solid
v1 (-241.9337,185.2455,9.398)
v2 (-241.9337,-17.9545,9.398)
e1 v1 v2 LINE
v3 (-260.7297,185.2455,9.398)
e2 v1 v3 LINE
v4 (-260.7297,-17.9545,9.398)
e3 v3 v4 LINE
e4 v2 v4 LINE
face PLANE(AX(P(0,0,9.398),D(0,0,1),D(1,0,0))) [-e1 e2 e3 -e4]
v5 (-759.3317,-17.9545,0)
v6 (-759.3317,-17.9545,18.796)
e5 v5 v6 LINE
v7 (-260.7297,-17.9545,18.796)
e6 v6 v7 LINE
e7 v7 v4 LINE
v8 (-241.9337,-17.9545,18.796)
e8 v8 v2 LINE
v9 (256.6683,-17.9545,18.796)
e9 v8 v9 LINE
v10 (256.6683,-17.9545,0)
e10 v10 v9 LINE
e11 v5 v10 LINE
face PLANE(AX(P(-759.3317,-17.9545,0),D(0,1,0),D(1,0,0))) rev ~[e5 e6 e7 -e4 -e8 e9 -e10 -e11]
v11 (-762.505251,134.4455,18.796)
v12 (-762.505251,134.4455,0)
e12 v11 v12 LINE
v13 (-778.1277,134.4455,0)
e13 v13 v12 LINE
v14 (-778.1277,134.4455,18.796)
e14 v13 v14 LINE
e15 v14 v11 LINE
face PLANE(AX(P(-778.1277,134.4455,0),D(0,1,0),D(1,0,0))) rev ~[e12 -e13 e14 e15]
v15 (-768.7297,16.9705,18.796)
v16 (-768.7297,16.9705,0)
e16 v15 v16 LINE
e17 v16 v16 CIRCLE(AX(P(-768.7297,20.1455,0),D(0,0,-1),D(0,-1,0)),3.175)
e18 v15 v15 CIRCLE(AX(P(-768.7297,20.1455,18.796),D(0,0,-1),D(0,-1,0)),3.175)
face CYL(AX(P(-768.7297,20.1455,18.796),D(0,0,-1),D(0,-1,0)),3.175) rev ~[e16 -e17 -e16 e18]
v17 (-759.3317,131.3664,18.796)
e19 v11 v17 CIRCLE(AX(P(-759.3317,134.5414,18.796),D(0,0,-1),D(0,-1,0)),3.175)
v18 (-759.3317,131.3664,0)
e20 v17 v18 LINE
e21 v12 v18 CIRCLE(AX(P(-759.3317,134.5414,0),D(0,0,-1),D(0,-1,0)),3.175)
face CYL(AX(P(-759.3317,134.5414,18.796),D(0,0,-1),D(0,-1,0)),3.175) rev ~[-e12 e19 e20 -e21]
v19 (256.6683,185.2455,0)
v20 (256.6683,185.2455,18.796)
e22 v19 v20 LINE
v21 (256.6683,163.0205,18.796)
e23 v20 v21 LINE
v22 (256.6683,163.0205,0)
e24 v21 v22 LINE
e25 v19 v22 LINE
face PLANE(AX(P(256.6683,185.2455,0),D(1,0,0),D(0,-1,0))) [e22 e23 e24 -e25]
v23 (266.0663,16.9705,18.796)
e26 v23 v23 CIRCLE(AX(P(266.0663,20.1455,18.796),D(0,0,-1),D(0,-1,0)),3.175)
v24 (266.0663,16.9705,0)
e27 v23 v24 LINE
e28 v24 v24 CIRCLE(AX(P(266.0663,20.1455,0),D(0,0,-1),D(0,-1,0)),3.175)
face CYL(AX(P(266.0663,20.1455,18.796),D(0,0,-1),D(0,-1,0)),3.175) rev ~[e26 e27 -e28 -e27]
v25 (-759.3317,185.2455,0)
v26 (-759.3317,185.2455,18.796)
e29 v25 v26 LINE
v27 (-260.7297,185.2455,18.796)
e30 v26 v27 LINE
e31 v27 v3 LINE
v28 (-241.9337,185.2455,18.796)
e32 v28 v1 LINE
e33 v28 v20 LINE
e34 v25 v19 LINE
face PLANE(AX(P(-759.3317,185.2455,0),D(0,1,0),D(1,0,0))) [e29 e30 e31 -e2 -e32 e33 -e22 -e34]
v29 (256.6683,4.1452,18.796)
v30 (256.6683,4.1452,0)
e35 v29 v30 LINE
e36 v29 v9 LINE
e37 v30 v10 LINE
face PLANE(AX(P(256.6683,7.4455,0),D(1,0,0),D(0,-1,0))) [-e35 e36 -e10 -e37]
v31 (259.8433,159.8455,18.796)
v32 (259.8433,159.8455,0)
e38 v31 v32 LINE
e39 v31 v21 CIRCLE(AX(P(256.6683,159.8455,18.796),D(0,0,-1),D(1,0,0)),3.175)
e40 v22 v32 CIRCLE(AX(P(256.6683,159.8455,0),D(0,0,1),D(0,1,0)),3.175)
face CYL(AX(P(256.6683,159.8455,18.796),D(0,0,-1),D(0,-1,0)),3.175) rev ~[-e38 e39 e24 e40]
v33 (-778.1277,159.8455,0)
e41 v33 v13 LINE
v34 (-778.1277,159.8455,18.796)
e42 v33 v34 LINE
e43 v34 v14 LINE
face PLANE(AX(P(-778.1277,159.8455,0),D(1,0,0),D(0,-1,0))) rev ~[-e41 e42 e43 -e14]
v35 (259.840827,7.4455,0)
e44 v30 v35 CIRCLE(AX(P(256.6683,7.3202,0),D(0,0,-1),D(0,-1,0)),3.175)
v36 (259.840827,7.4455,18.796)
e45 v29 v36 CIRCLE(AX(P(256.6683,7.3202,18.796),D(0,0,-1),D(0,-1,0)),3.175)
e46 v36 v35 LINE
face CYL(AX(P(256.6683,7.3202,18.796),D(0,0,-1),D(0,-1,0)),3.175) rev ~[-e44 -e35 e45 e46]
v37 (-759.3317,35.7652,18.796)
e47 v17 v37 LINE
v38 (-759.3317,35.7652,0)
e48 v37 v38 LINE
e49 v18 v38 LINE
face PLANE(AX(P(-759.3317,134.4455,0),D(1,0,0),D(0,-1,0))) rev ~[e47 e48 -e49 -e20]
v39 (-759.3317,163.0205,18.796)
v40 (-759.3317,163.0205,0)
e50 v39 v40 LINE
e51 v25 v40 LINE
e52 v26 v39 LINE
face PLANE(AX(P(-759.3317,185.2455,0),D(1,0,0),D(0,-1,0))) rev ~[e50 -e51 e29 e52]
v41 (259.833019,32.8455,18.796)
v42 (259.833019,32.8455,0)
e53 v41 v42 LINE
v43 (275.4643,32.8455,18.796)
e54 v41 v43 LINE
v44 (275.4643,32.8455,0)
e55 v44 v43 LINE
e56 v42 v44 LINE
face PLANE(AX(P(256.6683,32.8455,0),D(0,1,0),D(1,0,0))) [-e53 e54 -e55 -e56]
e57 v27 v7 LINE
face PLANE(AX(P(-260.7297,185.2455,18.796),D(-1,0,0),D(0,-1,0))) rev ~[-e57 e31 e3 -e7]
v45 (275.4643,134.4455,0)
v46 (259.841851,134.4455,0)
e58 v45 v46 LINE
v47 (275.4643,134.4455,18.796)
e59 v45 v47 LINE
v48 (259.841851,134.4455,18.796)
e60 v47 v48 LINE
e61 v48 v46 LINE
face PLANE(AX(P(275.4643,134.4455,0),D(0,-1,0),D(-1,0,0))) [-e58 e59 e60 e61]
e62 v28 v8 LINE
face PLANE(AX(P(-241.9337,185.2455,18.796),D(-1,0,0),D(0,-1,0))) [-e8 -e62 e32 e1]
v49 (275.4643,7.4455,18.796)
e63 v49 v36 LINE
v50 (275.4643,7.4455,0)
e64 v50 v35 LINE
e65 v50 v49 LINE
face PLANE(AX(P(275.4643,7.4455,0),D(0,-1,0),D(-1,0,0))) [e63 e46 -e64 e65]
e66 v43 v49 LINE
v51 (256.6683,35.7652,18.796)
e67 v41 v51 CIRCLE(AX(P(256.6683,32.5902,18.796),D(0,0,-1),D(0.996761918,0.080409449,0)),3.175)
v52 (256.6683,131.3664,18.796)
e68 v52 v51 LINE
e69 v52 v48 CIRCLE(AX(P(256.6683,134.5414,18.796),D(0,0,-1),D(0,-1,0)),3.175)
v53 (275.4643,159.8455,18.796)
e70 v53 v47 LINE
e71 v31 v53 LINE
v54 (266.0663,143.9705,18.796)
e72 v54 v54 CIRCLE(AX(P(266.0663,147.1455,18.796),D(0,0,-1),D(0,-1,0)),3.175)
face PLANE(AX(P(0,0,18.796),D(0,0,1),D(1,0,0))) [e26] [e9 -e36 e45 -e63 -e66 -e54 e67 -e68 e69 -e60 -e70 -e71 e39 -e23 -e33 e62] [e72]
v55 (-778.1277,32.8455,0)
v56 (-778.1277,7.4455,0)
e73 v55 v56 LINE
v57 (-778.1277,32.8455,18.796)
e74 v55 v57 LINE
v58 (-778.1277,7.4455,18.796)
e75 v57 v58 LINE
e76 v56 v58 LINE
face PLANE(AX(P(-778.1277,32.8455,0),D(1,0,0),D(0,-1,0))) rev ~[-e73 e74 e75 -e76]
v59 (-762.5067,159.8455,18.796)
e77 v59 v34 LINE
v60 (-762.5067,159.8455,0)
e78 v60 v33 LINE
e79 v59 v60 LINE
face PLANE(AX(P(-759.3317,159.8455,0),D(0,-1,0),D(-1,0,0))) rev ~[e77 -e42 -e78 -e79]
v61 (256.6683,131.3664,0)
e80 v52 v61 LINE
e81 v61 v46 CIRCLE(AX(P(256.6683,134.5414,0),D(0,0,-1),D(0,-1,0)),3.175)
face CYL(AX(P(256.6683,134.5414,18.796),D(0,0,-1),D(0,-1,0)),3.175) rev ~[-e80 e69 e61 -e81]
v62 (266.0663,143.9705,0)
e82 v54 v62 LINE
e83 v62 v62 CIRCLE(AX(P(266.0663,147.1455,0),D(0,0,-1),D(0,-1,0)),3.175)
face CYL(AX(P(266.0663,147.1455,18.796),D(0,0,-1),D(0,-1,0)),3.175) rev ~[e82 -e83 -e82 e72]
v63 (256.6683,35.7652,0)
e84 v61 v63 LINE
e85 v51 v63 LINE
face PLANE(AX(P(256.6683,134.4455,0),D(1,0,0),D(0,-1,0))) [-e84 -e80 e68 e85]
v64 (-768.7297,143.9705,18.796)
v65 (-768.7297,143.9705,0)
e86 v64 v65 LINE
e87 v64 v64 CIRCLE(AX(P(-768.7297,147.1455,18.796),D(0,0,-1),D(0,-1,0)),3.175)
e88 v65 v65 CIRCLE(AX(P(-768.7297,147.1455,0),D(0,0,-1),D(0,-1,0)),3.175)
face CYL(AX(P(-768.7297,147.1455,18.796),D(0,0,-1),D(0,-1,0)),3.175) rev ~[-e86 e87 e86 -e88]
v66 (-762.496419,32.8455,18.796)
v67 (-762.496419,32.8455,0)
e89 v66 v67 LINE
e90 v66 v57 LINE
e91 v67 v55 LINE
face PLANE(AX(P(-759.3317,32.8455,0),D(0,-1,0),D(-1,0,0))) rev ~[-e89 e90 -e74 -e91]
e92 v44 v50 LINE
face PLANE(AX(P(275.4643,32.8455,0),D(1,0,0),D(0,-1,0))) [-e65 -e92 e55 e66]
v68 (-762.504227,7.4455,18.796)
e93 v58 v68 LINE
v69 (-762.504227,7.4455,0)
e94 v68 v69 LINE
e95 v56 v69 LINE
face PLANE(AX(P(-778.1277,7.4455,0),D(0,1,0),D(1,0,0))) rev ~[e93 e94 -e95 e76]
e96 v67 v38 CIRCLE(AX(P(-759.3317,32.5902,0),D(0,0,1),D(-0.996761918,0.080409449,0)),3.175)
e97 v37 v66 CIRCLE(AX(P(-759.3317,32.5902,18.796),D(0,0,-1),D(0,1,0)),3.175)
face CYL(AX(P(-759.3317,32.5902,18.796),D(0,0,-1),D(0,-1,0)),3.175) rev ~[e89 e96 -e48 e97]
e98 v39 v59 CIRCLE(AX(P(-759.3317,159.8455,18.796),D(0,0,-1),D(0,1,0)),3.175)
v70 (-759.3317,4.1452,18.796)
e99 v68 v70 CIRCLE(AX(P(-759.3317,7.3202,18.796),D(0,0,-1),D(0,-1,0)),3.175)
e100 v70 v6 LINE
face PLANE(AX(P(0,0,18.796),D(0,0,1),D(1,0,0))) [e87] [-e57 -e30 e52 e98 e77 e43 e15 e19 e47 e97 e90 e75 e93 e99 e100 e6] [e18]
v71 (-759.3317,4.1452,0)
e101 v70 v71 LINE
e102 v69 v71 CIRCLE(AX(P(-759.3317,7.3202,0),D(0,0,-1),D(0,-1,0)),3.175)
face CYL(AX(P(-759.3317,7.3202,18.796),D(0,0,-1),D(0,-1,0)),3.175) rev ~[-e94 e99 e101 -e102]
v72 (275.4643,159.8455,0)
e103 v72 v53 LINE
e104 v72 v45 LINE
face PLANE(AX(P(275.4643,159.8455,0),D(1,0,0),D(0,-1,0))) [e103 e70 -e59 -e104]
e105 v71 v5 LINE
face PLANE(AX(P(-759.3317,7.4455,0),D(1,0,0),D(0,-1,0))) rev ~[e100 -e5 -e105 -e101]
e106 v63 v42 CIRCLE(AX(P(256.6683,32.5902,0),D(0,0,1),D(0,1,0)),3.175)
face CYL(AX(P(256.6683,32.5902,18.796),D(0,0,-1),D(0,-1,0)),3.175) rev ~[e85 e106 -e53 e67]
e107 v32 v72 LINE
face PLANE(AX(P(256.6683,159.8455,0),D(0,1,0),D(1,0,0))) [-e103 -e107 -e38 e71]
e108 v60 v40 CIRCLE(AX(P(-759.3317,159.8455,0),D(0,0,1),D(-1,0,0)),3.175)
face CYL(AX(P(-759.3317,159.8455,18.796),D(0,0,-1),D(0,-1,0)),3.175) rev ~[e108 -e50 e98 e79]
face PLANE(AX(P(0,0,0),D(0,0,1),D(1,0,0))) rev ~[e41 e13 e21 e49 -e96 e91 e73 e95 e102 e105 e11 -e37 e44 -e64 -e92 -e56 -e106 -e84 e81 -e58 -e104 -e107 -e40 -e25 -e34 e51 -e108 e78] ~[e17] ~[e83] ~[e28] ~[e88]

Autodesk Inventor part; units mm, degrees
ref_plane "YZ Plane" through (0, 0, 0) normal (1, 0, 0) x (0, 1, 0)
ref_plane "XZ Plane" through (0, 0, 0) normal (0, 1, 0) x (-1, 0, 0)
ref_plane "XY Plane" through (0, 0, 0) normal (0, 0, 1) x (1, 0, 0)
sketch "Sketch1" plane through (0, 0, 0) normal (0, 0, 1) x (1, 0, 0)
  line L0 (-759.3317, 185.2455) -> (256.6683, 185.2455)
  line L1 (-759.3317, -17.9545) -> (256.6683, -17.9545)
  line L2 (-759.3317, 185.2455) -> (-759.3317, 159.8455)
  line L3 (-759.3317, 159.8455) -> (-778.1277, 159.8455)
  line L4 (-778.1277, 159.8455) -> (-778.1277, 134.4455)
  line L5 (-778.1277, 134.4455) -> (-759.3317, 134.4455)
  line L6 (-759.3317, 134.4455) -> (-759.3317, 32.8455)
  line L7 (-759.3317, 32.8455) -> (-778.1277, 32.8455)
  line L8 (-778.1277, 32.8455) -> (-778.1277, 7.4455)
  line L9 (-778.1277, 7.4455) -> (-759.3317, 7.4455)
  line L10 (-759.3317, 7.4455) -> (-759.3317, -17.9545)
  line L11 (256.6683, 185.2455) -> (256.6683, 159.8455)
  line L12 (256.6683, 159.8455) -> (275.4643, 159.8455)
  line L13 (275.4643, 159.8455) -> (275.4643, 134.4455)
  line L14 (275.4643, 134.4455) -> (256.6683, 134.4455)
  line L15 (256.6683, 134.4455) -> (256.6683, 32.8455)
  line L16 (256.6683, 32.8455) -> (275.4643, 32.8455)
  line L17 (275.4643, 32.8455) -> (275.4643, 7.4455)
  line L18 (275.4643, 7.4455) -> (256.6683, 7.4455)
  line L19 (256.6683, 7.4455) -> (256.6683, -17.9545)
  point P0 (0, 0)
  dimension "d0" = 1016
  dimension "d1" = 203.2
  dimension "d2" = 25.4
  dimension "d3" = 25.4
  dimension "d4" = 25.4
  dimension "d5" = 25.4
  dimension "d6" = 18.796
  dimension "d7" = 18.796
  dimension "d8" = 18.796
  dimension "d9" = 25.4
  dimension "d11" = 25.4
  dimension "d12" = 25.4
  dimension "d15" = 25.4
extrude "Extrusion1" add sketch "Sketch1" along normal blind 18.796
sketch "Sketch2" plane through (0, 0, 18.796) normal (0, 0, 1) x (1, 0, 0)
  line L0 (-778.1277, 159.8455) -> (-759.3317, 159.8455) projected
  line L1 (275.4643, 159.8455) -> (256.6683, 159.8455) projected
  point P0 (0, 0)
  point P1 (-759.3317, 134.5414)
  point P2 (-759.3317, 32.5902)
  point P3 (-759.3317, 7.3202)
  point P4 (256.6683, 134.5414)
  point P5 (256.6683, 32.5902)
  point P6 (256.6683, 7.3202)
hole "Hole1" at (-759.3317, 159.8455, 18.796) at (-759.3317, 134.5414, 18.796) at (-759.3317, 32.5902, 18.796) at (-759.3317, 7.3202, 18.796) at (256.6683, 159.8455, 18.796) at (256.6683, 134.5414, 18.796) at (256.6683, 32.5902, 18.796) at (256.6683, 7.3202, 18.796) direction (0, 0, -1) diameter 6.35 end through all
sketch "Sketch3" plane through (0, 0, 18.796) normal (0, 0, 1) x (1, 0, 0)
  line L0 (-778.1277, 159.8455) -> (-778.1277, 134.4455) projected
  line L1 (-778.1277, 32.8455) -> (-778.1277, 7.4455) projected
  line L2 (-762.4964, 32.8455) -> (-778.1277, 32.8455) projected
  line L3 (-778.1277, 134.4455) -> (-762.5052, 134.4455) projected
  line L4 (275.4643, 159.8455) -> (275.4643, 134.4455) projected
  line L5 (275.4643, 159.8455) -> (259.8433, 159.8455) projected
  line L6 (275.4643, 32.8455) -> (259.833, 32.8455) projected
  line L7 (275.4643, 32.8455) -> (275.4643, 7.4455) projected
  point P0 (0, 0)
  point P1 (266.0663, 147.1455)
  point P2 (266.0663, 20.1455)
  point P3 (-768.7297, 20.1455)
  point P4 (-768.7297, 147.1455)
  dimension "d25" = 9.398
  dimension "d26" = 9.398
  dimension "d27" = 12.7
  dimension "d28" = 12.7
  dimension "d29" = 9.398
  dimension "d30" = 12.7
  dimension "d31" = 12.7
  dimension "d32" = 9.398
hole "Hole2" at (266.0663, 147.1455, 18.796) at (266.0663, 20.1455, 18.796) at (-768.7297, 20.1455, 18.796) at (-768.7297, 147.1455, 18.796) direction (0, 0, -1) diameter 6.35 end through all
sketch "Sketch4" plane through (0, 0, 18.796) normal (0, 0, 1) x (1, 0, 0)
  line L0 (-759.3317, 185.2455) -> (256.6683, 185.2455) projected
  line L1 (-251.3317, 185.2455) -> (-251.3317, -17.9545)
  line L2 (256.6683, -17.9545) -> (-759.3317, -17.9545) projected
  line L3 (-260.7297, 185.2455) -> (-260.7297, -17.9545)
  line L4 (-241.9337, 185.2455) -> (-241.9337, -17.9545)
  line L5 (-260.7297, 185.2455) -> (-241.9337, 185.2455)
  line L6 (-260.7297, -17.9545) -> (-241.9337, -17.9545)
  point P0 (0, 0)
  dimension "d40" = 9.398
  dimension "d41" = 9.398
extrude "Extrusion2" cut sketch "Sketch4" against normal blind 9.398
properties part number "shelf" material "Wood (Birch)"
